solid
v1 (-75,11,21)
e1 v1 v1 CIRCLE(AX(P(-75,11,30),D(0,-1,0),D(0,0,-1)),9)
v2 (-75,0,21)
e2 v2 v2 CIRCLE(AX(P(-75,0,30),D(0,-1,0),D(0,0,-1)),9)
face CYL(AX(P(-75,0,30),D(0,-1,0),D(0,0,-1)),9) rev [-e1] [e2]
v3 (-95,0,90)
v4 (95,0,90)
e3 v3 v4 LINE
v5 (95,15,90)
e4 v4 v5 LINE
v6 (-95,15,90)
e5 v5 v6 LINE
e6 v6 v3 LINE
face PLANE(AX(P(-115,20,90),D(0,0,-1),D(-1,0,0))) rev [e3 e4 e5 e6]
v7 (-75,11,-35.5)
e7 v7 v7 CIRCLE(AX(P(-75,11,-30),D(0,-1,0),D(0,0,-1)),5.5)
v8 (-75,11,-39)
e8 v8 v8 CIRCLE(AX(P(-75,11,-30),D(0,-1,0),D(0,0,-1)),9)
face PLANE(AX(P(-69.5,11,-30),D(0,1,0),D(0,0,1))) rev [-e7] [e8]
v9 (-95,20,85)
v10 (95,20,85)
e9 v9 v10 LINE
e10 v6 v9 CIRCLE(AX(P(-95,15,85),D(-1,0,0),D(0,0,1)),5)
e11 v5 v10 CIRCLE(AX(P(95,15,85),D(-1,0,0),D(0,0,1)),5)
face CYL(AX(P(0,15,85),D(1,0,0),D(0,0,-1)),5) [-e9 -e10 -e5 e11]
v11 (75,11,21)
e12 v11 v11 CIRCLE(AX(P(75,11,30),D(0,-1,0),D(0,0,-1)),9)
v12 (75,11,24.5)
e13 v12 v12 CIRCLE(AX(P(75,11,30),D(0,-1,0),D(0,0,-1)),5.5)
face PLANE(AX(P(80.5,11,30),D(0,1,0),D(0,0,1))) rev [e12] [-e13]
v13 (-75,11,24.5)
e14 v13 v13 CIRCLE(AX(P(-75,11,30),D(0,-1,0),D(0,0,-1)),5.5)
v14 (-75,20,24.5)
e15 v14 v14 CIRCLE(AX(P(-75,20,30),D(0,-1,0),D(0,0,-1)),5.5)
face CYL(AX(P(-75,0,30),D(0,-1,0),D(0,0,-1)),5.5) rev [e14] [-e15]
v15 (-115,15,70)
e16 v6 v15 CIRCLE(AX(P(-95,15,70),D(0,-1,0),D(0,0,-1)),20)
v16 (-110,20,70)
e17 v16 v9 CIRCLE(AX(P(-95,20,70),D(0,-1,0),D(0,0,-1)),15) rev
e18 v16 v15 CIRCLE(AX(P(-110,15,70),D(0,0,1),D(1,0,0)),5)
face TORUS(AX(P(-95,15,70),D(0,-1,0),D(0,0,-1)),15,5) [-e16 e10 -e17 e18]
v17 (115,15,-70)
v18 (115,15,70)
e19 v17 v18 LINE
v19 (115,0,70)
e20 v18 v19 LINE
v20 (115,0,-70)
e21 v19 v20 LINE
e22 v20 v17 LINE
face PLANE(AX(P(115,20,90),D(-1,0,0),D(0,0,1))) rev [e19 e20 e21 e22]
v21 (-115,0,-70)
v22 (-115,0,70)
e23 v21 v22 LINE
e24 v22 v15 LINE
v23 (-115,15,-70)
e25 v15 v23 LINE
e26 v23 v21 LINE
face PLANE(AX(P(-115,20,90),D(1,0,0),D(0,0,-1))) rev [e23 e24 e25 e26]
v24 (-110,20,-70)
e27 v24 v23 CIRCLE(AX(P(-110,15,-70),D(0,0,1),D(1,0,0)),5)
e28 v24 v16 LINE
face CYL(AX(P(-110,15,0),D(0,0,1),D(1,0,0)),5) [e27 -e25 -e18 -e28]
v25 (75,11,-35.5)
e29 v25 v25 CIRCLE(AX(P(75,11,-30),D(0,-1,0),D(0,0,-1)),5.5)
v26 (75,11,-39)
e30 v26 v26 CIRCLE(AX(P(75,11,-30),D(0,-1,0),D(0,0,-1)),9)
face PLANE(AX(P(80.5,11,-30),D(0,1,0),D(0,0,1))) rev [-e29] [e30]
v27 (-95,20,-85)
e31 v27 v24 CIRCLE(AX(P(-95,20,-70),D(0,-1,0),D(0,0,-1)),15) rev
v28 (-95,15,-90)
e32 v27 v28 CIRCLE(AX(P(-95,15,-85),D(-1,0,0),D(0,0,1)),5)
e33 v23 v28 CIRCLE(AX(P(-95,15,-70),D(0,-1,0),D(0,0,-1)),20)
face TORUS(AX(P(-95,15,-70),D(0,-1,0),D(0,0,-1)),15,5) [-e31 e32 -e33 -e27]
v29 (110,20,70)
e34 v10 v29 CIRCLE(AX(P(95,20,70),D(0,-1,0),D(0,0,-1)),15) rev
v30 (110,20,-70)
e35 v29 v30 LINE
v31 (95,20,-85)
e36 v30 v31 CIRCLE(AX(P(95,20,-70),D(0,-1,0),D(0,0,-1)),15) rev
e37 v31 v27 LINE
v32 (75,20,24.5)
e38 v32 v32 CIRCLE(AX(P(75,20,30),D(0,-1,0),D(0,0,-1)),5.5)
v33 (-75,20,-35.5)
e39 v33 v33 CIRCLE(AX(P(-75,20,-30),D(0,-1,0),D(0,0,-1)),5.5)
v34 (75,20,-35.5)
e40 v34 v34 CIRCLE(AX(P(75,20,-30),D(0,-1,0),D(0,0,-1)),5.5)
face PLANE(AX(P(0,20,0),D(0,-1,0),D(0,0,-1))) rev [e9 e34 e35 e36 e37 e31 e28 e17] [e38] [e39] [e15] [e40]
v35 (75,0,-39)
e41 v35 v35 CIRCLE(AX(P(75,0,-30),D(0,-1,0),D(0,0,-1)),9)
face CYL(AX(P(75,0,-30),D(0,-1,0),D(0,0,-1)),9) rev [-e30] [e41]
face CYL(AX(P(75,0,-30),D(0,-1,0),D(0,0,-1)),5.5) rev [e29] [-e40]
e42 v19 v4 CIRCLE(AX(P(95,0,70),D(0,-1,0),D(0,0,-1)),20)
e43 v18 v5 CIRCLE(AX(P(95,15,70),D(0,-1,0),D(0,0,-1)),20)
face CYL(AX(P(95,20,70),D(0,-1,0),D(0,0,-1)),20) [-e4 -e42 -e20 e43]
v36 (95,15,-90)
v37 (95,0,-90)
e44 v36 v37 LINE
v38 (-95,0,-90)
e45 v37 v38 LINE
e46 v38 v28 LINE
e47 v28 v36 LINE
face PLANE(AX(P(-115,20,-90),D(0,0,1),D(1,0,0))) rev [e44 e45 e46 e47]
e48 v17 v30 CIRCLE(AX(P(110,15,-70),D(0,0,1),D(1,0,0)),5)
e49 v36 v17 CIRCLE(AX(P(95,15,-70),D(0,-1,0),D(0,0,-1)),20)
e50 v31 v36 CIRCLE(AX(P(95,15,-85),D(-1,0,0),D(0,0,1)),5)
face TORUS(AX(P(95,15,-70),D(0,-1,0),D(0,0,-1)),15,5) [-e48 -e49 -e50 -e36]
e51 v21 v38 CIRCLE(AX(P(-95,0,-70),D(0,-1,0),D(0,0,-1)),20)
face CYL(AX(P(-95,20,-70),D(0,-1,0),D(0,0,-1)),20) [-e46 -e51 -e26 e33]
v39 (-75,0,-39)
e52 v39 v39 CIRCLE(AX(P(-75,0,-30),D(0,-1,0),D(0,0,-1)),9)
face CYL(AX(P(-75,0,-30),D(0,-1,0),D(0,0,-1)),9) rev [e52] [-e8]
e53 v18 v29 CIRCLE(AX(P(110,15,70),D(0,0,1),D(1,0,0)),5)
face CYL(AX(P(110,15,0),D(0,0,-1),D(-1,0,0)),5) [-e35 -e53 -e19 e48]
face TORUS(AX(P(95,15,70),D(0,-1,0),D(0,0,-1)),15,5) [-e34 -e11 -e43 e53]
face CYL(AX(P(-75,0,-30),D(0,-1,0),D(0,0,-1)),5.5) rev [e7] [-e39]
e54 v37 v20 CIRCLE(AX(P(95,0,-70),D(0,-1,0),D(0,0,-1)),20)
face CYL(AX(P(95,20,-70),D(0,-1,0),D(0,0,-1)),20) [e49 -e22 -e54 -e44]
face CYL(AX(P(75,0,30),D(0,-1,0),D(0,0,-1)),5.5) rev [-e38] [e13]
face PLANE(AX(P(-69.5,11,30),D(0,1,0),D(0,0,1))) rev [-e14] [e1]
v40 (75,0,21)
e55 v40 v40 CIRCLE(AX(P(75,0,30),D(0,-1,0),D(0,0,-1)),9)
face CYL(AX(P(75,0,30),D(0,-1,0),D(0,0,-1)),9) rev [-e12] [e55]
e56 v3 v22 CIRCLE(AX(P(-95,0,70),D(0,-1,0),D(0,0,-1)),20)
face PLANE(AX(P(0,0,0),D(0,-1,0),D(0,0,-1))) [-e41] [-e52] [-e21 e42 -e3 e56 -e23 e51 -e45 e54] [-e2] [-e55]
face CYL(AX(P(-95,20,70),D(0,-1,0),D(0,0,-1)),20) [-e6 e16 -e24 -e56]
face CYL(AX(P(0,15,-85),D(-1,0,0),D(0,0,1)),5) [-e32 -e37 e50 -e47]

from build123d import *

# Parameters (mm, degrees)
SKETCH1_W              = 230
SKETCH1_H              = 180
BASE_DEPTH             = 20
R20_FILLETS_R          = 20
R5_FILLETS_R           = 5
BOLT_HOLES_D           = 11
BOLT_HOLES_DEPTH       = 20
BOLT_HOLES_CBORE_D     = 18
BOLT_HOLES_CBORE_DEPTH = 11
BOLT_HOLES_TIP         = 3.304733405


with BuildPart() as part:
    # Sketch1 → Base (new body)
    with BuildSketch(Plane(origin=(0, 0, 0), x_dir=(1, 0, 0), z_dir=(0, 1, 0))):
        Rectangle(SKETCH1_W, SKETCH1_H)
    extrude(amount=BASE_DEPTH)

    # R20 Fillets
    r20_fillets_edges = [part.edges().sort_by_distance(p)[0] for p in [
        (115, 10, 90),
        (-115, 10, 90),
        (-115, 10, -90),
        (115, 10, -90),
    ]]
    fillet(r20_fillets_edges, radius=R20_FILLETS_R)

    # R5 Fillets
    r5_fillets_edges = [part.edges().sort_by_distance(p)[0] for p in [
        (0, 20, 90),
        (-115, 20, 0),
        (115, 20, 0),
        (0, 20, -90),
        (109.142135624, 20, 84.142135624),
        (109.142135624, 20, -84.142135624),
        (-109.142135624, 20, -84.142135624),
        (-109.142135624, 20, 84.142135624),
    ]]
    fillet(r5_fillets_edges, radius=R5_FILLETS_R)

    # Bolt Holes
    with Locations(Plane(origin=(0, 0, 0), x_dir=(-1, 0, 0), z_dir=(0, -1, 0))):
        with Locations((-75, 30), (-75, -30), (75, -30), (75, 30)):
            CounterBoreHole(BOLT_HOLES_D / 2, BOLT_HOLES_CBORE_D / 2, BOLT_HOLES_CBORE_DEPTH, depth=BOLT_HOLES_DEPTH)
            with Locations((0, 0, -(BOLT_HOLES_DEPTH + BOLT_HOLES_TIP / 2))):  # 118° drill point
                Cone(0, BOLT_HOLES_D / 2, BOLT_HOLES_TIP, mode=Mode.SUBTRACT)


solid = part.part
